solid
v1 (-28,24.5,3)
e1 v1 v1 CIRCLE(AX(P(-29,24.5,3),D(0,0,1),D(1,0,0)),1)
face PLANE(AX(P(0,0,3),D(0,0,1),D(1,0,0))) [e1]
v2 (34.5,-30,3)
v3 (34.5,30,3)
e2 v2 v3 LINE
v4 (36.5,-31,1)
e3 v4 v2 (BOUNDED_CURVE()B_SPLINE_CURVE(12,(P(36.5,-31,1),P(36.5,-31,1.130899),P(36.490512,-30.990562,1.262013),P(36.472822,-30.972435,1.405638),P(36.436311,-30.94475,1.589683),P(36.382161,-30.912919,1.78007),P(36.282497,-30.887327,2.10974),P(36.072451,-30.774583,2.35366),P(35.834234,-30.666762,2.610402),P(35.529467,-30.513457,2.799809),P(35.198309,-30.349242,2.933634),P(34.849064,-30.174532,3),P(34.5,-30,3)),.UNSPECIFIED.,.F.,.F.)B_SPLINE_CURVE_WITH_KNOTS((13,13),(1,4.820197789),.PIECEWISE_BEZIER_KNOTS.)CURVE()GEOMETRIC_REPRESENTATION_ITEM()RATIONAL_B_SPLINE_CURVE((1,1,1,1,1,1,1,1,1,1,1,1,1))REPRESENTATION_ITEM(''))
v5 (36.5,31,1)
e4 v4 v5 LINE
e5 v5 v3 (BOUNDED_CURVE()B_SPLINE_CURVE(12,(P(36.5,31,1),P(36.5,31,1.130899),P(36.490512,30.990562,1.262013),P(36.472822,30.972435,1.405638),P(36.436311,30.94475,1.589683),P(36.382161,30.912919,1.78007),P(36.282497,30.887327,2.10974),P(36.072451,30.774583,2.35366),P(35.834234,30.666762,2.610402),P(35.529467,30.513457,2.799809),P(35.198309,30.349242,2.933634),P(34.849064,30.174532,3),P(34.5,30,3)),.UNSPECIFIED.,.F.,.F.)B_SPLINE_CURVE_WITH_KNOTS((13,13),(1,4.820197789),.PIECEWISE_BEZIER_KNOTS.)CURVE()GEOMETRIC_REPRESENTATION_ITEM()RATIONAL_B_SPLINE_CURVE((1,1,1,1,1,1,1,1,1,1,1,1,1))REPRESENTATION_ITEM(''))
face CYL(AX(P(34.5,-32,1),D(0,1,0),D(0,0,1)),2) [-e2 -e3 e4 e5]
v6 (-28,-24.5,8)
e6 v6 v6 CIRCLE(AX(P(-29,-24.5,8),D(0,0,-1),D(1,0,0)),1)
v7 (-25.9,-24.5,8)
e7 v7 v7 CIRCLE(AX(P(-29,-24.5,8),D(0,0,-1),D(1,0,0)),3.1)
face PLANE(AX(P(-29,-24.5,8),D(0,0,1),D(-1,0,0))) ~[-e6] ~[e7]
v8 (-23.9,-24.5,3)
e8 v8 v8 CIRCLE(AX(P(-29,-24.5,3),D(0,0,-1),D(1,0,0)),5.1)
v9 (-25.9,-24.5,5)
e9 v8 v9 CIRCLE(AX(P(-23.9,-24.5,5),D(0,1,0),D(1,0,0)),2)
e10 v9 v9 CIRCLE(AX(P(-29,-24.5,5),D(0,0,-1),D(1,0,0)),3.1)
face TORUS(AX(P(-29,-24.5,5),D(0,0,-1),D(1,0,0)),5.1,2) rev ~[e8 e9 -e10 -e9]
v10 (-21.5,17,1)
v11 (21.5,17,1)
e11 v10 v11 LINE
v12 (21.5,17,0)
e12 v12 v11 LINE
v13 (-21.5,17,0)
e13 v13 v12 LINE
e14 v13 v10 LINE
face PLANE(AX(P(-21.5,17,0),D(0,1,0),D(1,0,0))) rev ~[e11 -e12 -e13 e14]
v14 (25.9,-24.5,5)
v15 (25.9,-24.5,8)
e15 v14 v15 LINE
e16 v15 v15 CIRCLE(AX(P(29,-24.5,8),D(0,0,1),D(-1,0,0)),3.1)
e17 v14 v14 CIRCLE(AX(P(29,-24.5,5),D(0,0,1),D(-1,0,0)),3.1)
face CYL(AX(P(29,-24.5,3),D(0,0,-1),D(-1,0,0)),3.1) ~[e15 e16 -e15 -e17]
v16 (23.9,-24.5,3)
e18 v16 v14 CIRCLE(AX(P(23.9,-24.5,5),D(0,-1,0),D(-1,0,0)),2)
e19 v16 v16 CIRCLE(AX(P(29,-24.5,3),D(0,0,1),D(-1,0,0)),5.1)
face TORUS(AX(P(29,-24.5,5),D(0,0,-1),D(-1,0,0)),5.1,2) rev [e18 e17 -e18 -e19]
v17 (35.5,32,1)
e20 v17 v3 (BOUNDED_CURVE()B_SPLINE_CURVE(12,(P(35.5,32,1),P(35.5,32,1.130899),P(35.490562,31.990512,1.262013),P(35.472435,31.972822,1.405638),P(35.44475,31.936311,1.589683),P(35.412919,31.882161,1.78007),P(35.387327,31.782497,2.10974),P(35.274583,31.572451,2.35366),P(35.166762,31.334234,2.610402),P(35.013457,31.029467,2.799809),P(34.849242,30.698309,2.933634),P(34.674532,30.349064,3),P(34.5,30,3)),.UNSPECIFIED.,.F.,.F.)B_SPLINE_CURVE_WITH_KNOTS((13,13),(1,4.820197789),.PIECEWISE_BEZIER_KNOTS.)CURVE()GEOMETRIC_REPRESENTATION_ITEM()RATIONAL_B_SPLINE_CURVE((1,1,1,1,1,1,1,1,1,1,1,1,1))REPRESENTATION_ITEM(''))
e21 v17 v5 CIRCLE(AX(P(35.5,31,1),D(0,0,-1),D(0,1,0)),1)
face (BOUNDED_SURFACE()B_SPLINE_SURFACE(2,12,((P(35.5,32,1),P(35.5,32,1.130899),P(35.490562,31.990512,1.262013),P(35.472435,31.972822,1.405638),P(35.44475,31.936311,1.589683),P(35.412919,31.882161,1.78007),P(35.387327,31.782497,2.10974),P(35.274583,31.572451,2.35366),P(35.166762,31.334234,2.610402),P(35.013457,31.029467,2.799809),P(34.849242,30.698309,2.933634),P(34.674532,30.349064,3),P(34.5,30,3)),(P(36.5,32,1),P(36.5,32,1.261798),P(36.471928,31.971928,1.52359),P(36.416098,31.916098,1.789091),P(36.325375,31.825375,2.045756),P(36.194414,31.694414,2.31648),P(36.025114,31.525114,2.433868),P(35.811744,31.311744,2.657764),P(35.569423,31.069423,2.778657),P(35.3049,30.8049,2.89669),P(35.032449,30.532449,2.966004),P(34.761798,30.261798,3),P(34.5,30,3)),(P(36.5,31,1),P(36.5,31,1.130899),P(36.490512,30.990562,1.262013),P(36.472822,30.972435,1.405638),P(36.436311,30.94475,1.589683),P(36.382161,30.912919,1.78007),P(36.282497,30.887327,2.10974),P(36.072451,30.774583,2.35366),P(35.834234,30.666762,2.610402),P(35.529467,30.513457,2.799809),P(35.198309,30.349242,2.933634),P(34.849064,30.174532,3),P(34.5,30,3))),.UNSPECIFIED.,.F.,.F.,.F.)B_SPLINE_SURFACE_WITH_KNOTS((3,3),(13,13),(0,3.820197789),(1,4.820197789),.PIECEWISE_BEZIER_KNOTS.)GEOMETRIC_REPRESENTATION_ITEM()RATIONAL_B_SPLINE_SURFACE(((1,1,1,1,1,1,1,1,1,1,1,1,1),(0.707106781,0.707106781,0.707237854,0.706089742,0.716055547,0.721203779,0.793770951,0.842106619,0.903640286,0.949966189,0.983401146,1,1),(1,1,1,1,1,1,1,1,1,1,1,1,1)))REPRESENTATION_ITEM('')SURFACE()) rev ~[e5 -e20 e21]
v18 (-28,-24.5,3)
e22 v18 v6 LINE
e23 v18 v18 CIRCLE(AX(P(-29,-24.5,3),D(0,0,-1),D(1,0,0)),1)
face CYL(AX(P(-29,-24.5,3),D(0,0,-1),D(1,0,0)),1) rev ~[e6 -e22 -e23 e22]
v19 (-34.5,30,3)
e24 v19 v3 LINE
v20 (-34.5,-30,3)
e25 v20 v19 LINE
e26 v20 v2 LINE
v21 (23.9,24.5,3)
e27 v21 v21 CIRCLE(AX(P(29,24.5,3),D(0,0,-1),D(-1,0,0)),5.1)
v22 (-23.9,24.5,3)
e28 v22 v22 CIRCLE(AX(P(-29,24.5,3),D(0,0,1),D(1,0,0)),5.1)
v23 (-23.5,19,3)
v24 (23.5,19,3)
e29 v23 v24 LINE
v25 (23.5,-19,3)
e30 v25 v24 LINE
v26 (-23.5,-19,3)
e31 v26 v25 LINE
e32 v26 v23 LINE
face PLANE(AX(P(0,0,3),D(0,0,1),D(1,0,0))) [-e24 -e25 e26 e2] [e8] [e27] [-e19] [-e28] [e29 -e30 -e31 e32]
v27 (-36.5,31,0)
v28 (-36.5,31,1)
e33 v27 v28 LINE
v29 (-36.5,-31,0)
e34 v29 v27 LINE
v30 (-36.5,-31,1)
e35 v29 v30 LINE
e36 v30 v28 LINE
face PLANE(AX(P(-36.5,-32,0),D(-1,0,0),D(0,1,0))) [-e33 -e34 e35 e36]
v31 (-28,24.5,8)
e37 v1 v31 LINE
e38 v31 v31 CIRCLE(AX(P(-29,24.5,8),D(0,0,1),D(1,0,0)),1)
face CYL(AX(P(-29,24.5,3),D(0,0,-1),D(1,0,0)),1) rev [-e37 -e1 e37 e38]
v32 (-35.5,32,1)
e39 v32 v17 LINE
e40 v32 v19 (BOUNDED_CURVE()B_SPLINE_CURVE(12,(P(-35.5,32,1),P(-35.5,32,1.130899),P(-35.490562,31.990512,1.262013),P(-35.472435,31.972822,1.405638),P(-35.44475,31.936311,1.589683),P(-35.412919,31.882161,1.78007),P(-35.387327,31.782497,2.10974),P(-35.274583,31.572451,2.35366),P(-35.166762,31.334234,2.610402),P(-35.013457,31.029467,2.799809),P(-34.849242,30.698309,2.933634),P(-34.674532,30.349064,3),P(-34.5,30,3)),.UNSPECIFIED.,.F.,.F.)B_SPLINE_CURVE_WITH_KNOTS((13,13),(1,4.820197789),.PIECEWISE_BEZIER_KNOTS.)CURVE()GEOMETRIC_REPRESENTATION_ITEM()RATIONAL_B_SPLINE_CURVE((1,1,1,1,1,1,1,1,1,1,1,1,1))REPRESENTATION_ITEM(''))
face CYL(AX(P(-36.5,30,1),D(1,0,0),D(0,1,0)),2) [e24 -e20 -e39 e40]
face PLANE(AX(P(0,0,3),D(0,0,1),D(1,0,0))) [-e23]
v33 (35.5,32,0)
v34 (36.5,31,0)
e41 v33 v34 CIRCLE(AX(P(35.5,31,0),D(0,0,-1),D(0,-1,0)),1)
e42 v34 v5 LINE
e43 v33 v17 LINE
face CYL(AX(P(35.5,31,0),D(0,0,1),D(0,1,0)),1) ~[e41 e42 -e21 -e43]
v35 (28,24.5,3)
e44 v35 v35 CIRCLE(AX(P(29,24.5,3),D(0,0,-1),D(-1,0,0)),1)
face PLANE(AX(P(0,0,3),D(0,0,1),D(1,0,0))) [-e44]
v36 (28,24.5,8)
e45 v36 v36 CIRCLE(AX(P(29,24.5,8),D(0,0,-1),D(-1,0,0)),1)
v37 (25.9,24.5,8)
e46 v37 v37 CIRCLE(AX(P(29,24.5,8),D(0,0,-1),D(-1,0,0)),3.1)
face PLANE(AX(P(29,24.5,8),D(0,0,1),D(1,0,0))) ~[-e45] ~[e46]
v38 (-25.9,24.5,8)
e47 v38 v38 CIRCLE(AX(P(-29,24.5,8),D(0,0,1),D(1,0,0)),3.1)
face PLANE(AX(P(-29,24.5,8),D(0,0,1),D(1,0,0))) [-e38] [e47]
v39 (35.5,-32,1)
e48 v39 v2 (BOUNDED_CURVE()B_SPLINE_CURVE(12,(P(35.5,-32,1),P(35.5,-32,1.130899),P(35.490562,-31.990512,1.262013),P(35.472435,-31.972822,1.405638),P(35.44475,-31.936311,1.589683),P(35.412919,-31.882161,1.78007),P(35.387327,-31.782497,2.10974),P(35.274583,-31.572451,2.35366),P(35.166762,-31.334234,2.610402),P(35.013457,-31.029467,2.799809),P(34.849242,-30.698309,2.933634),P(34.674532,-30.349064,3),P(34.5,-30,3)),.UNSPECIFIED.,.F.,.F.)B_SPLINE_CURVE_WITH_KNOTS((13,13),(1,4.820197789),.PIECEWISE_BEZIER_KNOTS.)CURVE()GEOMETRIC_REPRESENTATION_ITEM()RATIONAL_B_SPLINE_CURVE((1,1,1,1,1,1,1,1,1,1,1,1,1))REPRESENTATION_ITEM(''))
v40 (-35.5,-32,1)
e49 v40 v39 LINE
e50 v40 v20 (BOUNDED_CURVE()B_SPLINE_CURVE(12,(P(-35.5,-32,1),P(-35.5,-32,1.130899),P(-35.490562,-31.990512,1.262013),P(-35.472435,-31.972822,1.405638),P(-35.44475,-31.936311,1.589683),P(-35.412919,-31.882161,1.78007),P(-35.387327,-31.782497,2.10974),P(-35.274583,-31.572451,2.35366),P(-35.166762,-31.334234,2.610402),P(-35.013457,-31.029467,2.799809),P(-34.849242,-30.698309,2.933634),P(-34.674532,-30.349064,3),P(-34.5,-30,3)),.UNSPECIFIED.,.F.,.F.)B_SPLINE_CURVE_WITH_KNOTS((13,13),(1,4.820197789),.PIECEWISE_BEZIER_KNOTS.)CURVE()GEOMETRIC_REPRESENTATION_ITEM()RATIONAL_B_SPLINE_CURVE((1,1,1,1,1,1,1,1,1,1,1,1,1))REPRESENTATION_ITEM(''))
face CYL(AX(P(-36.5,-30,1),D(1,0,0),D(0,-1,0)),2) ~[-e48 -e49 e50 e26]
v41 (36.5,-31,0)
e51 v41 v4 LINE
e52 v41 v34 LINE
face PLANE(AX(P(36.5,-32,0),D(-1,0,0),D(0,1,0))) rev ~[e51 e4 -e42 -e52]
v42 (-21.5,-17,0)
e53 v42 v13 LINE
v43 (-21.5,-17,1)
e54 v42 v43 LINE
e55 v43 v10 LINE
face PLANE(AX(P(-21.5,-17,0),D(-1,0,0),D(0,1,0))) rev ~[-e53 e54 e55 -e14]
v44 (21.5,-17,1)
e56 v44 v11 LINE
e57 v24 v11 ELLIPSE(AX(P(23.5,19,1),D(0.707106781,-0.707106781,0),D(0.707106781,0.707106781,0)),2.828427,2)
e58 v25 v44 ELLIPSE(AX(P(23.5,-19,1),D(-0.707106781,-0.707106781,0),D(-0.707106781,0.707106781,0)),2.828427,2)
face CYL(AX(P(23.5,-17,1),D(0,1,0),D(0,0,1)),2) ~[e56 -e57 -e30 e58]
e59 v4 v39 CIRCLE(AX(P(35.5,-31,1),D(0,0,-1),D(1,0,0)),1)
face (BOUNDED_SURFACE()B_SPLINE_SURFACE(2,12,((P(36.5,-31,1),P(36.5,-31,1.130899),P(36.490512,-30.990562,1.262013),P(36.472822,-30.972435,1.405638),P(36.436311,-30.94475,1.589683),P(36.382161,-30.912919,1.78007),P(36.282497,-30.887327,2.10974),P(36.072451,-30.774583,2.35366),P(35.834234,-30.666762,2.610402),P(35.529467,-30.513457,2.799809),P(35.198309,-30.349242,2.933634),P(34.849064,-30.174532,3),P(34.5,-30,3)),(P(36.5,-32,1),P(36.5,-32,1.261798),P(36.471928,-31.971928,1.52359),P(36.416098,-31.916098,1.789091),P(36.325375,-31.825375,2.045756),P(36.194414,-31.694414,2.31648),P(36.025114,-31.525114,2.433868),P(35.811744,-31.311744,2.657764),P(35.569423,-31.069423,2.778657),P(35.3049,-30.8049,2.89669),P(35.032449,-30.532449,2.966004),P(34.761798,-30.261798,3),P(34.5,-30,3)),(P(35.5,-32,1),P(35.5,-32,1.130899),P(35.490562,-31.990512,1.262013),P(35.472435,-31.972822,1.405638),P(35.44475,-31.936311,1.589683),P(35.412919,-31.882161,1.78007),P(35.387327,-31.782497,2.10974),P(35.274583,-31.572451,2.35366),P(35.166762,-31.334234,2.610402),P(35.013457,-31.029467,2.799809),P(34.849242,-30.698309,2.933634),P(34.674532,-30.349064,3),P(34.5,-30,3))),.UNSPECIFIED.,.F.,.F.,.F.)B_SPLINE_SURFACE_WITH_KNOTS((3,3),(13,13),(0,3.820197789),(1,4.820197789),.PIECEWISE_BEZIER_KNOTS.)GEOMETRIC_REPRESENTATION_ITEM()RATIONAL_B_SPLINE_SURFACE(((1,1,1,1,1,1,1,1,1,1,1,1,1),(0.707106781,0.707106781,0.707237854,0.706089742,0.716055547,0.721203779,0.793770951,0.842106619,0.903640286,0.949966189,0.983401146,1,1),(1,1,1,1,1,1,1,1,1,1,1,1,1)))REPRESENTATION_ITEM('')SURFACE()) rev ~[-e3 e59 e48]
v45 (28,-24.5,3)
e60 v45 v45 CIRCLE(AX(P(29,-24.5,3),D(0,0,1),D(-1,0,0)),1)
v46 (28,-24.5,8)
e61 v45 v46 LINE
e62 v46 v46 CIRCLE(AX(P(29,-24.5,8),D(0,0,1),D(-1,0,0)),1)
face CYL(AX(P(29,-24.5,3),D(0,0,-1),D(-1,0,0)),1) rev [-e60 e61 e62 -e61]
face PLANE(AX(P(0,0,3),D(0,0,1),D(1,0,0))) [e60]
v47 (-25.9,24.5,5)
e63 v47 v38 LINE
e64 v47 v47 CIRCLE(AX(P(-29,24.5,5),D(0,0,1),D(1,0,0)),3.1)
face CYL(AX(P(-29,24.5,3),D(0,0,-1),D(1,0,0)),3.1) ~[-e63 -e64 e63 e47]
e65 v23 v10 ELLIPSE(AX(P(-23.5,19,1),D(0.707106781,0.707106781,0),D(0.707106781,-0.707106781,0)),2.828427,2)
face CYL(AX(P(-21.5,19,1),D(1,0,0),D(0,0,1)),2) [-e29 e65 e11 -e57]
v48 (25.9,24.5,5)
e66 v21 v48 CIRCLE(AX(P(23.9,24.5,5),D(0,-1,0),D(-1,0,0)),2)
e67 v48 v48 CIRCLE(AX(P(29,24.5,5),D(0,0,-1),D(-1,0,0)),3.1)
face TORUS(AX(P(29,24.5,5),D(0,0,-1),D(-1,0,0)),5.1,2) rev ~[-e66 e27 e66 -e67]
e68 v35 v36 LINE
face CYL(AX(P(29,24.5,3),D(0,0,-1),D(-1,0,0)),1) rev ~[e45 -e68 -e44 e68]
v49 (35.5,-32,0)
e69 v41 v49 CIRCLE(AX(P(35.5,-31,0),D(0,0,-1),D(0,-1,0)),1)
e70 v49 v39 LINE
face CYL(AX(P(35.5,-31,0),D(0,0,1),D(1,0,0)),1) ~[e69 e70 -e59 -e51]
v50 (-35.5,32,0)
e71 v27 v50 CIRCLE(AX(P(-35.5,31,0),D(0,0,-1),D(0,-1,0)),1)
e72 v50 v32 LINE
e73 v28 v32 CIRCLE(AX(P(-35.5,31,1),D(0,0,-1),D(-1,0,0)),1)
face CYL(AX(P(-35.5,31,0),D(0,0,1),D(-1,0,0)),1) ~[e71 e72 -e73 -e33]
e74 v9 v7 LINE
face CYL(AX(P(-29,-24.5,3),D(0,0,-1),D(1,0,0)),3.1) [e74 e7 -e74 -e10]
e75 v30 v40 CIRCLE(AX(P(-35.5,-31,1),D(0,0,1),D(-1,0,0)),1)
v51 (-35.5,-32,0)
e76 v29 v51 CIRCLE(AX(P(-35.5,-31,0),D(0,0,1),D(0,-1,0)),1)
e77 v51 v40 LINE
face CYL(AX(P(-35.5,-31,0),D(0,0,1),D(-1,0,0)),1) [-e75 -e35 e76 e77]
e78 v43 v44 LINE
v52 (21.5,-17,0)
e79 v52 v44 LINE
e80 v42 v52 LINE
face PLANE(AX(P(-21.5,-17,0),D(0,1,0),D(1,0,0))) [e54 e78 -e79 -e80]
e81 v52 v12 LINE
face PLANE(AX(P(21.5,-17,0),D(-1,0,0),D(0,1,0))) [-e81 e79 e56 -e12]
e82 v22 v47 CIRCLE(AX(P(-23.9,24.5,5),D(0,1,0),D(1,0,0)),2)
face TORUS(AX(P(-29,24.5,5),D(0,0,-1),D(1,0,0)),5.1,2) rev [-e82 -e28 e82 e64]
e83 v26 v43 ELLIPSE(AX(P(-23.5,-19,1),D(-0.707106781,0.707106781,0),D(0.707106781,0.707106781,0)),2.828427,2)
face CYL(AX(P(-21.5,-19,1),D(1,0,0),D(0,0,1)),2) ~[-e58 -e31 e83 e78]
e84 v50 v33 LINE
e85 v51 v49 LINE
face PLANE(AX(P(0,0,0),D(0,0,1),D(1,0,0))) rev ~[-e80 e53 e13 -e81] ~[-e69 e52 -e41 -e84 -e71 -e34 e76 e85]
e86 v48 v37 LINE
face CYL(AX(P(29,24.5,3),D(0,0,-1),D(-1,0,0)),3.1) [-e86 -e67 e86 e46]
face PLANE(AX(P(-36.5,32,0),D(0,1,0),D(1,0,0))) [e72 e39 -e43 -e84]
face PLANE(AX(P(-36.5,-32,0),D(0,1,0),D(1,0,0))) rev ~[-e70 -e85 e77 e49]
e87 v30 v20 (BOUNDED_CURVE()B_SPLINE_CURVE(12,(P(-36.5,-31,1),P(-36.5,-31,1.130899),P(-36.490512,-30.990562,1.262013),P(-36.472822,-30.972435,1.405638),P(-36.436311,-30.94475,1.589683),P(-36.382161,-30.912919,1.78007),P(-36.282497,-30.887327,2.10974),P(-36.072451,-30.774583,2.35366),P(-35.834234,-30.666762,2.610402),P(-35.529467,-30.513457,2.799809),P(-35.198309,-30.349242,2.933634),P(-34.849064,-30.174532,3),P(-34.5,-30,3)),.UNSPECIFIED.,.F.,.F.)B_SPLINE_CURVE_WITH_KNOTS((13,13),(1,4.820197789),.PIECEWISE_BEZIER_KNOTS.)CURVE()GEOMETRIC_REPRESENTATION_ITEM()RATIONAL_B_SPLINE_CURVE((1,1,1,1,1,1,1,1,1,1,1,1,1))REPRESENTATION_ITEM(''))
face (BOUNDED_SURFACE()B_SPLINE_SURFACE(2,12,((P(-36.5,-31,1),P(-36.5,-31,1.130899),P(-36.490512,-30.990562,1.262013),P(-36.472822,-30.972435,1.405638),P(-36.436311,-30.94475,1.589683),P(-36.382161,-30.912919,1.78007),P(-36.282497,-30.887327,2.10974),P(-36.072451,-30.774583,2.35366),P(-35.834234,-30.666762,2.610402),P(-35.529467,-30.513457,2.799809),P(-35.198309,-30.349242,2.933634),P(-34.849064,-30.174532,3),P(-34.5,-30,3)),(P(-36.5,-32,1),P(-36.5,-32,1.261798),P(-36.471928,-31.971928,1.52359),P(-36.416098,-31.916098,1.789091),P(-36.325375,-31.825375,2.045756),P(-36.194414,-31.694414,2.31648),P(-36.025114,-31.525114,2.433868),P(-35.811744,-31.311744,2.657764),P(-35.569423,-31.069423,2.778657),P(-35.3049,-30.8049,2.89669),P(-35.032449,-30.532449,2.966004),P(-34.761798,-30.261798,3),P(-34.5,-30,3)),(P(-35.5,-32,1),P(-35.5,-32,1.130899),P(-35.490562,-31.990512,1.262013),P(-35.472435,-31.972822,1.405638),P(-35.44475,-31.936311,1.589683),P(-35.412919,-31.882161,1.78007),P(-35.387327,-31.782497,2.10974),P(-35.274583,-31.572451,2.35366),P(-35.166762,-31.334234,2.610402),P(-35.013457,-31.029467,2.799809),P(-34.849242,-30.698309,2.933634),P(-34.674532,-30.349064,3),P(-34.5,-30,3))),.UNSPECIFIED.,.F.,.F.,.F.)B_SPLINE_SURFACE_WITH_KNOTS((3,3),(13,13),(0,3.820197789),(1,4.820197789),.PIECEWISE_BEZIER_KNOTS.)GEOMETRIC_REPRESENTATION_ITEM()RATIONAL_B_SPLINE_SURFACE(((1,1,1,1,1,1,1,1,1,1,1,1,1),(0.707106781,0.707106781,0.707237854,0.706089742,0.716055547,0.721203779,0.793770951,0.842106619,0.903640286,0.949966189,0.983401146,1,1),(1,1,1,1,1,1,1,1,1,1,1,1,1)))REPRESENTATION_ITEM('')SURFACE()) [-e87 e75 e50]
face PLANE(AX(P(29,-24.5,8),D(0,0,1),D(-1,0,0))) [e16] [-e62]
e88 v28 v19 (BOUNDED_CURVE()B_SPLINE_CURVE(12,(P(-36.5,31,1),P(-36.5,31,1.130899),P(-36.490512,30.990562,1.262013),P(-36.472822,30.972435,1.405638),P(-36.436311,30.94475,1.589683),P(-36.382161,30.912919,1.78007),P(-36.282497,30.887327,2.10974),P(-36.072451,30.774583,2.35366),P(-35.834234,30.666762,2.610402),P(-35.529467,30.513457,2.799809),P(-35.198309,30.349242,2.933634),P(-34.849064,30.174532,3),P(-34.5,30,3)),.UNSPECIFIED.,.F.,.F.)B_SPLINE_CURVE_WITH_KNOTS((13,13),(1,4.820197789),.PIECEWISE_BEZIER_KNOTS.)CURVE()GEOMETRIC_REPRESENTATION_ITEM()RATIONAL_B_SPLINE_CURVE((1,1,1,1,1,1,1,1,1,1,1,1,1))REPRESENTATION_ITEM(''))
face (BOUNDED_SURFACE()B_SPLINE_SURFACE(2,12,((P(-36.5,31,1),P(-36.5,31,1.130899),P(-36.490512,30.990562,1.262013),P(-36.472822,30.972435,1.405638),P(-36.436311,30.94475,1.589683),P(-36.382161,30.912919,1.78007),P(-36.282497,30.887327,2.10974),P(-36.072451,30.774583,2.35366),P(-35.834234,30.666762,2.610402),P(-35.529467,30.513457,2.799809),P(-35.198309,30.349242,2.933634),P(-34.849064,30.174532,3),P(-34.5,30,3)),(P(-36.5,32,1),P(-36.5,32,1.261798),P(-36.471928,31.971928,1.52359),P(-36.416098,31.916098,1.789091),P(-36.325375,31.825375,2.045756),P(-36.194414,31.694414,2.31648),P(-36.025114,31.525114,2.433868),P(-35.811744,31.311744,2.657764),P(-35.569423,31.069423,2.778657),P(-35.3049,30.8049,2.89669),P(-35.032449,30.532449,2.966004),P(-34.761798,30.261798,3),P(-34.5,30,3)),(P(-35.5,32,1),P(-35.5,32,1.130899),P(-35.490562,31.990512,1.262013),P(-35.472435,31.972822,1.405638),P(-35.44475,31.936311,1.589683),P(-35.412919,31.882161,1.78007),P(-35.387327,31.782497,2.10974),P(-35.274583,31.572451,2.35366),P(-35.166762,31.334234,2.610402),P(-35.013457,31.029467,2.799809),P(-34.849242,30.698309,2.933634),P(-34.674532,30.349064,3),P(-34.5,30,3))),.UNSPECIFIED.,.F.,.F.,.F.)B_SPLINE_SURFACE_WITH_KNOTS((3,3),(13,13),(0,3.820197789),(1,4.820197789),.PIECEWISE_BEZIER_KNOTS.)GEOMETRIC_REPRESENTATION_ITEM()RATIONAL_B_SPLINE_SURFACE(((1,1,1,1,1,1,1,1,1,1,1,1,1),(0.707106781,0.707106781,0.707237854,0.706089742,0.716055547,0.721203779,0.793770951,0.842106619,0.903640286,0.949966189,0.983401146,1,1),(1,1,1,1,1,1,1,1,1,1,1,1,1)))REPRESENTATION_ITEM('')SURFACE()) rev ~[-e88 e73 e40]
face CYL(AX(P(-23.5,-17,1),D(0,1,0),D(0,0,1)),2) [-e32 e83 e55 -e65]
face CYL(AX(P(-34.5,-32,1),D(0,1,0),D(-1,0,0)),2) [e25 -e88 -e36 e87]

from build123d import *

# Parameters (mm, degrees)
SKETCH001_R        = 3.1
SKETCH001_R_2      = 1
PAD_DEPTH          = 5
SKETCH_W           = 73
SKETCH_H           = 64
SKETCH_W_2         = 43
SKETCH_H_2         = 34
PAD001_DEPTH       = 3
POLARPATTERN_COUNT = 2
FILLET_R           = 2
FILLET001_R        = 1
FILLET002_R        = 1
FILLET003_R        = 1
FILLET004_R        = 1


with BuildPart() as part:
    # Sketch001 → Pad (new body)
    with BuildSketch(Plane.XY.offset(3)):
        with Locations((-29, 24.5)):
            Circle(SKETCH001_R)
        with Locations((-29, 24.5)):
            Circle(SKETCH001_R_2, mode=Mode.SUBTRACT)
    pad = extrude(amount=PAD_DEPTH)

    # Sketch → Pad001 (join)
    with BuildSketch(Plane.XY):
        Rectangle(SKETCH_W, SKETCH_H)
        Rectangle(SKETCH_W_2, SKETCH_H_2, mode=Mode.SUBTRACT)
    extrude(amount=PAD001_DEPTH)

    # Mirrored: Pad across Sketch001 V_Axis
    add(pad.mirror(Plane(origin=(0, 0, 3), x_dir=(0, 0, 1), z_dir=(1, 0, 0))))

    # PolarPattern: Pad ×2 about axis
    polarpattern_axis = Axis((0, 0, 3), (0, 0, 1))
    for i in range(1, POLARPATTERN_COUNT):
        add(pad.rotate(polarpattern_axis, i * 360 / POLARPATTERN_COUNT))

    # Mirrored001: Pad across XZ
    add(pad.mirror(Plane.XZ))

    # Fillet
    fillet_edges = [part.edges().sort_by_distance(p)[0] for p in [
        (0, 32, 3),
        (-36.5, 0, 3),
        (36.5, 0, 3),
        (0, -32, 3),
        (-32.1, -24.5, 3),
        (32.1, -24.5, 3),
        (-32.1, 24.5, 3),
        (0, 17, 3),
        (-21.5, 0, 3),
        (21.5, 0, 3),
        (0, -17, 3),
        (32.1, 24.5, 3),
    ]]
    fillet(fillet_edges, radius=FILLET_R)

    # Fillet001
    fillet001_edges = [part.edges().sort_by_distance(p)[0] for p in [
        (-36.5, -32, 0.5),
    ]]
    fillet(fillet001_edges, radius=FILLET001_R)

    # Fillet002
    fillet002_edges = [part.edges().sort_by_distance(p)[0] for p in [
        (-36.5, 32, 0.5),
    ]]
    fillet(fillet002_edges, radius=FILLET002_R)

    # Fillet003
    fillet003_edges = [part.edges().sort_by_distance(p)[0] for p in [
        (36.5, 32, 0.5),
    ]]
    fillet(fillet003_edges, radius=FILLET003_R)

    # Fillet004
    fillet004_edges = [part.edges().sort_by_distance(p)[0] for p in [
        (36.5, -32, 0.5),
    ]]
    fillet(fillet004_edges, radius=FILLET004_R)


solid = part.part
